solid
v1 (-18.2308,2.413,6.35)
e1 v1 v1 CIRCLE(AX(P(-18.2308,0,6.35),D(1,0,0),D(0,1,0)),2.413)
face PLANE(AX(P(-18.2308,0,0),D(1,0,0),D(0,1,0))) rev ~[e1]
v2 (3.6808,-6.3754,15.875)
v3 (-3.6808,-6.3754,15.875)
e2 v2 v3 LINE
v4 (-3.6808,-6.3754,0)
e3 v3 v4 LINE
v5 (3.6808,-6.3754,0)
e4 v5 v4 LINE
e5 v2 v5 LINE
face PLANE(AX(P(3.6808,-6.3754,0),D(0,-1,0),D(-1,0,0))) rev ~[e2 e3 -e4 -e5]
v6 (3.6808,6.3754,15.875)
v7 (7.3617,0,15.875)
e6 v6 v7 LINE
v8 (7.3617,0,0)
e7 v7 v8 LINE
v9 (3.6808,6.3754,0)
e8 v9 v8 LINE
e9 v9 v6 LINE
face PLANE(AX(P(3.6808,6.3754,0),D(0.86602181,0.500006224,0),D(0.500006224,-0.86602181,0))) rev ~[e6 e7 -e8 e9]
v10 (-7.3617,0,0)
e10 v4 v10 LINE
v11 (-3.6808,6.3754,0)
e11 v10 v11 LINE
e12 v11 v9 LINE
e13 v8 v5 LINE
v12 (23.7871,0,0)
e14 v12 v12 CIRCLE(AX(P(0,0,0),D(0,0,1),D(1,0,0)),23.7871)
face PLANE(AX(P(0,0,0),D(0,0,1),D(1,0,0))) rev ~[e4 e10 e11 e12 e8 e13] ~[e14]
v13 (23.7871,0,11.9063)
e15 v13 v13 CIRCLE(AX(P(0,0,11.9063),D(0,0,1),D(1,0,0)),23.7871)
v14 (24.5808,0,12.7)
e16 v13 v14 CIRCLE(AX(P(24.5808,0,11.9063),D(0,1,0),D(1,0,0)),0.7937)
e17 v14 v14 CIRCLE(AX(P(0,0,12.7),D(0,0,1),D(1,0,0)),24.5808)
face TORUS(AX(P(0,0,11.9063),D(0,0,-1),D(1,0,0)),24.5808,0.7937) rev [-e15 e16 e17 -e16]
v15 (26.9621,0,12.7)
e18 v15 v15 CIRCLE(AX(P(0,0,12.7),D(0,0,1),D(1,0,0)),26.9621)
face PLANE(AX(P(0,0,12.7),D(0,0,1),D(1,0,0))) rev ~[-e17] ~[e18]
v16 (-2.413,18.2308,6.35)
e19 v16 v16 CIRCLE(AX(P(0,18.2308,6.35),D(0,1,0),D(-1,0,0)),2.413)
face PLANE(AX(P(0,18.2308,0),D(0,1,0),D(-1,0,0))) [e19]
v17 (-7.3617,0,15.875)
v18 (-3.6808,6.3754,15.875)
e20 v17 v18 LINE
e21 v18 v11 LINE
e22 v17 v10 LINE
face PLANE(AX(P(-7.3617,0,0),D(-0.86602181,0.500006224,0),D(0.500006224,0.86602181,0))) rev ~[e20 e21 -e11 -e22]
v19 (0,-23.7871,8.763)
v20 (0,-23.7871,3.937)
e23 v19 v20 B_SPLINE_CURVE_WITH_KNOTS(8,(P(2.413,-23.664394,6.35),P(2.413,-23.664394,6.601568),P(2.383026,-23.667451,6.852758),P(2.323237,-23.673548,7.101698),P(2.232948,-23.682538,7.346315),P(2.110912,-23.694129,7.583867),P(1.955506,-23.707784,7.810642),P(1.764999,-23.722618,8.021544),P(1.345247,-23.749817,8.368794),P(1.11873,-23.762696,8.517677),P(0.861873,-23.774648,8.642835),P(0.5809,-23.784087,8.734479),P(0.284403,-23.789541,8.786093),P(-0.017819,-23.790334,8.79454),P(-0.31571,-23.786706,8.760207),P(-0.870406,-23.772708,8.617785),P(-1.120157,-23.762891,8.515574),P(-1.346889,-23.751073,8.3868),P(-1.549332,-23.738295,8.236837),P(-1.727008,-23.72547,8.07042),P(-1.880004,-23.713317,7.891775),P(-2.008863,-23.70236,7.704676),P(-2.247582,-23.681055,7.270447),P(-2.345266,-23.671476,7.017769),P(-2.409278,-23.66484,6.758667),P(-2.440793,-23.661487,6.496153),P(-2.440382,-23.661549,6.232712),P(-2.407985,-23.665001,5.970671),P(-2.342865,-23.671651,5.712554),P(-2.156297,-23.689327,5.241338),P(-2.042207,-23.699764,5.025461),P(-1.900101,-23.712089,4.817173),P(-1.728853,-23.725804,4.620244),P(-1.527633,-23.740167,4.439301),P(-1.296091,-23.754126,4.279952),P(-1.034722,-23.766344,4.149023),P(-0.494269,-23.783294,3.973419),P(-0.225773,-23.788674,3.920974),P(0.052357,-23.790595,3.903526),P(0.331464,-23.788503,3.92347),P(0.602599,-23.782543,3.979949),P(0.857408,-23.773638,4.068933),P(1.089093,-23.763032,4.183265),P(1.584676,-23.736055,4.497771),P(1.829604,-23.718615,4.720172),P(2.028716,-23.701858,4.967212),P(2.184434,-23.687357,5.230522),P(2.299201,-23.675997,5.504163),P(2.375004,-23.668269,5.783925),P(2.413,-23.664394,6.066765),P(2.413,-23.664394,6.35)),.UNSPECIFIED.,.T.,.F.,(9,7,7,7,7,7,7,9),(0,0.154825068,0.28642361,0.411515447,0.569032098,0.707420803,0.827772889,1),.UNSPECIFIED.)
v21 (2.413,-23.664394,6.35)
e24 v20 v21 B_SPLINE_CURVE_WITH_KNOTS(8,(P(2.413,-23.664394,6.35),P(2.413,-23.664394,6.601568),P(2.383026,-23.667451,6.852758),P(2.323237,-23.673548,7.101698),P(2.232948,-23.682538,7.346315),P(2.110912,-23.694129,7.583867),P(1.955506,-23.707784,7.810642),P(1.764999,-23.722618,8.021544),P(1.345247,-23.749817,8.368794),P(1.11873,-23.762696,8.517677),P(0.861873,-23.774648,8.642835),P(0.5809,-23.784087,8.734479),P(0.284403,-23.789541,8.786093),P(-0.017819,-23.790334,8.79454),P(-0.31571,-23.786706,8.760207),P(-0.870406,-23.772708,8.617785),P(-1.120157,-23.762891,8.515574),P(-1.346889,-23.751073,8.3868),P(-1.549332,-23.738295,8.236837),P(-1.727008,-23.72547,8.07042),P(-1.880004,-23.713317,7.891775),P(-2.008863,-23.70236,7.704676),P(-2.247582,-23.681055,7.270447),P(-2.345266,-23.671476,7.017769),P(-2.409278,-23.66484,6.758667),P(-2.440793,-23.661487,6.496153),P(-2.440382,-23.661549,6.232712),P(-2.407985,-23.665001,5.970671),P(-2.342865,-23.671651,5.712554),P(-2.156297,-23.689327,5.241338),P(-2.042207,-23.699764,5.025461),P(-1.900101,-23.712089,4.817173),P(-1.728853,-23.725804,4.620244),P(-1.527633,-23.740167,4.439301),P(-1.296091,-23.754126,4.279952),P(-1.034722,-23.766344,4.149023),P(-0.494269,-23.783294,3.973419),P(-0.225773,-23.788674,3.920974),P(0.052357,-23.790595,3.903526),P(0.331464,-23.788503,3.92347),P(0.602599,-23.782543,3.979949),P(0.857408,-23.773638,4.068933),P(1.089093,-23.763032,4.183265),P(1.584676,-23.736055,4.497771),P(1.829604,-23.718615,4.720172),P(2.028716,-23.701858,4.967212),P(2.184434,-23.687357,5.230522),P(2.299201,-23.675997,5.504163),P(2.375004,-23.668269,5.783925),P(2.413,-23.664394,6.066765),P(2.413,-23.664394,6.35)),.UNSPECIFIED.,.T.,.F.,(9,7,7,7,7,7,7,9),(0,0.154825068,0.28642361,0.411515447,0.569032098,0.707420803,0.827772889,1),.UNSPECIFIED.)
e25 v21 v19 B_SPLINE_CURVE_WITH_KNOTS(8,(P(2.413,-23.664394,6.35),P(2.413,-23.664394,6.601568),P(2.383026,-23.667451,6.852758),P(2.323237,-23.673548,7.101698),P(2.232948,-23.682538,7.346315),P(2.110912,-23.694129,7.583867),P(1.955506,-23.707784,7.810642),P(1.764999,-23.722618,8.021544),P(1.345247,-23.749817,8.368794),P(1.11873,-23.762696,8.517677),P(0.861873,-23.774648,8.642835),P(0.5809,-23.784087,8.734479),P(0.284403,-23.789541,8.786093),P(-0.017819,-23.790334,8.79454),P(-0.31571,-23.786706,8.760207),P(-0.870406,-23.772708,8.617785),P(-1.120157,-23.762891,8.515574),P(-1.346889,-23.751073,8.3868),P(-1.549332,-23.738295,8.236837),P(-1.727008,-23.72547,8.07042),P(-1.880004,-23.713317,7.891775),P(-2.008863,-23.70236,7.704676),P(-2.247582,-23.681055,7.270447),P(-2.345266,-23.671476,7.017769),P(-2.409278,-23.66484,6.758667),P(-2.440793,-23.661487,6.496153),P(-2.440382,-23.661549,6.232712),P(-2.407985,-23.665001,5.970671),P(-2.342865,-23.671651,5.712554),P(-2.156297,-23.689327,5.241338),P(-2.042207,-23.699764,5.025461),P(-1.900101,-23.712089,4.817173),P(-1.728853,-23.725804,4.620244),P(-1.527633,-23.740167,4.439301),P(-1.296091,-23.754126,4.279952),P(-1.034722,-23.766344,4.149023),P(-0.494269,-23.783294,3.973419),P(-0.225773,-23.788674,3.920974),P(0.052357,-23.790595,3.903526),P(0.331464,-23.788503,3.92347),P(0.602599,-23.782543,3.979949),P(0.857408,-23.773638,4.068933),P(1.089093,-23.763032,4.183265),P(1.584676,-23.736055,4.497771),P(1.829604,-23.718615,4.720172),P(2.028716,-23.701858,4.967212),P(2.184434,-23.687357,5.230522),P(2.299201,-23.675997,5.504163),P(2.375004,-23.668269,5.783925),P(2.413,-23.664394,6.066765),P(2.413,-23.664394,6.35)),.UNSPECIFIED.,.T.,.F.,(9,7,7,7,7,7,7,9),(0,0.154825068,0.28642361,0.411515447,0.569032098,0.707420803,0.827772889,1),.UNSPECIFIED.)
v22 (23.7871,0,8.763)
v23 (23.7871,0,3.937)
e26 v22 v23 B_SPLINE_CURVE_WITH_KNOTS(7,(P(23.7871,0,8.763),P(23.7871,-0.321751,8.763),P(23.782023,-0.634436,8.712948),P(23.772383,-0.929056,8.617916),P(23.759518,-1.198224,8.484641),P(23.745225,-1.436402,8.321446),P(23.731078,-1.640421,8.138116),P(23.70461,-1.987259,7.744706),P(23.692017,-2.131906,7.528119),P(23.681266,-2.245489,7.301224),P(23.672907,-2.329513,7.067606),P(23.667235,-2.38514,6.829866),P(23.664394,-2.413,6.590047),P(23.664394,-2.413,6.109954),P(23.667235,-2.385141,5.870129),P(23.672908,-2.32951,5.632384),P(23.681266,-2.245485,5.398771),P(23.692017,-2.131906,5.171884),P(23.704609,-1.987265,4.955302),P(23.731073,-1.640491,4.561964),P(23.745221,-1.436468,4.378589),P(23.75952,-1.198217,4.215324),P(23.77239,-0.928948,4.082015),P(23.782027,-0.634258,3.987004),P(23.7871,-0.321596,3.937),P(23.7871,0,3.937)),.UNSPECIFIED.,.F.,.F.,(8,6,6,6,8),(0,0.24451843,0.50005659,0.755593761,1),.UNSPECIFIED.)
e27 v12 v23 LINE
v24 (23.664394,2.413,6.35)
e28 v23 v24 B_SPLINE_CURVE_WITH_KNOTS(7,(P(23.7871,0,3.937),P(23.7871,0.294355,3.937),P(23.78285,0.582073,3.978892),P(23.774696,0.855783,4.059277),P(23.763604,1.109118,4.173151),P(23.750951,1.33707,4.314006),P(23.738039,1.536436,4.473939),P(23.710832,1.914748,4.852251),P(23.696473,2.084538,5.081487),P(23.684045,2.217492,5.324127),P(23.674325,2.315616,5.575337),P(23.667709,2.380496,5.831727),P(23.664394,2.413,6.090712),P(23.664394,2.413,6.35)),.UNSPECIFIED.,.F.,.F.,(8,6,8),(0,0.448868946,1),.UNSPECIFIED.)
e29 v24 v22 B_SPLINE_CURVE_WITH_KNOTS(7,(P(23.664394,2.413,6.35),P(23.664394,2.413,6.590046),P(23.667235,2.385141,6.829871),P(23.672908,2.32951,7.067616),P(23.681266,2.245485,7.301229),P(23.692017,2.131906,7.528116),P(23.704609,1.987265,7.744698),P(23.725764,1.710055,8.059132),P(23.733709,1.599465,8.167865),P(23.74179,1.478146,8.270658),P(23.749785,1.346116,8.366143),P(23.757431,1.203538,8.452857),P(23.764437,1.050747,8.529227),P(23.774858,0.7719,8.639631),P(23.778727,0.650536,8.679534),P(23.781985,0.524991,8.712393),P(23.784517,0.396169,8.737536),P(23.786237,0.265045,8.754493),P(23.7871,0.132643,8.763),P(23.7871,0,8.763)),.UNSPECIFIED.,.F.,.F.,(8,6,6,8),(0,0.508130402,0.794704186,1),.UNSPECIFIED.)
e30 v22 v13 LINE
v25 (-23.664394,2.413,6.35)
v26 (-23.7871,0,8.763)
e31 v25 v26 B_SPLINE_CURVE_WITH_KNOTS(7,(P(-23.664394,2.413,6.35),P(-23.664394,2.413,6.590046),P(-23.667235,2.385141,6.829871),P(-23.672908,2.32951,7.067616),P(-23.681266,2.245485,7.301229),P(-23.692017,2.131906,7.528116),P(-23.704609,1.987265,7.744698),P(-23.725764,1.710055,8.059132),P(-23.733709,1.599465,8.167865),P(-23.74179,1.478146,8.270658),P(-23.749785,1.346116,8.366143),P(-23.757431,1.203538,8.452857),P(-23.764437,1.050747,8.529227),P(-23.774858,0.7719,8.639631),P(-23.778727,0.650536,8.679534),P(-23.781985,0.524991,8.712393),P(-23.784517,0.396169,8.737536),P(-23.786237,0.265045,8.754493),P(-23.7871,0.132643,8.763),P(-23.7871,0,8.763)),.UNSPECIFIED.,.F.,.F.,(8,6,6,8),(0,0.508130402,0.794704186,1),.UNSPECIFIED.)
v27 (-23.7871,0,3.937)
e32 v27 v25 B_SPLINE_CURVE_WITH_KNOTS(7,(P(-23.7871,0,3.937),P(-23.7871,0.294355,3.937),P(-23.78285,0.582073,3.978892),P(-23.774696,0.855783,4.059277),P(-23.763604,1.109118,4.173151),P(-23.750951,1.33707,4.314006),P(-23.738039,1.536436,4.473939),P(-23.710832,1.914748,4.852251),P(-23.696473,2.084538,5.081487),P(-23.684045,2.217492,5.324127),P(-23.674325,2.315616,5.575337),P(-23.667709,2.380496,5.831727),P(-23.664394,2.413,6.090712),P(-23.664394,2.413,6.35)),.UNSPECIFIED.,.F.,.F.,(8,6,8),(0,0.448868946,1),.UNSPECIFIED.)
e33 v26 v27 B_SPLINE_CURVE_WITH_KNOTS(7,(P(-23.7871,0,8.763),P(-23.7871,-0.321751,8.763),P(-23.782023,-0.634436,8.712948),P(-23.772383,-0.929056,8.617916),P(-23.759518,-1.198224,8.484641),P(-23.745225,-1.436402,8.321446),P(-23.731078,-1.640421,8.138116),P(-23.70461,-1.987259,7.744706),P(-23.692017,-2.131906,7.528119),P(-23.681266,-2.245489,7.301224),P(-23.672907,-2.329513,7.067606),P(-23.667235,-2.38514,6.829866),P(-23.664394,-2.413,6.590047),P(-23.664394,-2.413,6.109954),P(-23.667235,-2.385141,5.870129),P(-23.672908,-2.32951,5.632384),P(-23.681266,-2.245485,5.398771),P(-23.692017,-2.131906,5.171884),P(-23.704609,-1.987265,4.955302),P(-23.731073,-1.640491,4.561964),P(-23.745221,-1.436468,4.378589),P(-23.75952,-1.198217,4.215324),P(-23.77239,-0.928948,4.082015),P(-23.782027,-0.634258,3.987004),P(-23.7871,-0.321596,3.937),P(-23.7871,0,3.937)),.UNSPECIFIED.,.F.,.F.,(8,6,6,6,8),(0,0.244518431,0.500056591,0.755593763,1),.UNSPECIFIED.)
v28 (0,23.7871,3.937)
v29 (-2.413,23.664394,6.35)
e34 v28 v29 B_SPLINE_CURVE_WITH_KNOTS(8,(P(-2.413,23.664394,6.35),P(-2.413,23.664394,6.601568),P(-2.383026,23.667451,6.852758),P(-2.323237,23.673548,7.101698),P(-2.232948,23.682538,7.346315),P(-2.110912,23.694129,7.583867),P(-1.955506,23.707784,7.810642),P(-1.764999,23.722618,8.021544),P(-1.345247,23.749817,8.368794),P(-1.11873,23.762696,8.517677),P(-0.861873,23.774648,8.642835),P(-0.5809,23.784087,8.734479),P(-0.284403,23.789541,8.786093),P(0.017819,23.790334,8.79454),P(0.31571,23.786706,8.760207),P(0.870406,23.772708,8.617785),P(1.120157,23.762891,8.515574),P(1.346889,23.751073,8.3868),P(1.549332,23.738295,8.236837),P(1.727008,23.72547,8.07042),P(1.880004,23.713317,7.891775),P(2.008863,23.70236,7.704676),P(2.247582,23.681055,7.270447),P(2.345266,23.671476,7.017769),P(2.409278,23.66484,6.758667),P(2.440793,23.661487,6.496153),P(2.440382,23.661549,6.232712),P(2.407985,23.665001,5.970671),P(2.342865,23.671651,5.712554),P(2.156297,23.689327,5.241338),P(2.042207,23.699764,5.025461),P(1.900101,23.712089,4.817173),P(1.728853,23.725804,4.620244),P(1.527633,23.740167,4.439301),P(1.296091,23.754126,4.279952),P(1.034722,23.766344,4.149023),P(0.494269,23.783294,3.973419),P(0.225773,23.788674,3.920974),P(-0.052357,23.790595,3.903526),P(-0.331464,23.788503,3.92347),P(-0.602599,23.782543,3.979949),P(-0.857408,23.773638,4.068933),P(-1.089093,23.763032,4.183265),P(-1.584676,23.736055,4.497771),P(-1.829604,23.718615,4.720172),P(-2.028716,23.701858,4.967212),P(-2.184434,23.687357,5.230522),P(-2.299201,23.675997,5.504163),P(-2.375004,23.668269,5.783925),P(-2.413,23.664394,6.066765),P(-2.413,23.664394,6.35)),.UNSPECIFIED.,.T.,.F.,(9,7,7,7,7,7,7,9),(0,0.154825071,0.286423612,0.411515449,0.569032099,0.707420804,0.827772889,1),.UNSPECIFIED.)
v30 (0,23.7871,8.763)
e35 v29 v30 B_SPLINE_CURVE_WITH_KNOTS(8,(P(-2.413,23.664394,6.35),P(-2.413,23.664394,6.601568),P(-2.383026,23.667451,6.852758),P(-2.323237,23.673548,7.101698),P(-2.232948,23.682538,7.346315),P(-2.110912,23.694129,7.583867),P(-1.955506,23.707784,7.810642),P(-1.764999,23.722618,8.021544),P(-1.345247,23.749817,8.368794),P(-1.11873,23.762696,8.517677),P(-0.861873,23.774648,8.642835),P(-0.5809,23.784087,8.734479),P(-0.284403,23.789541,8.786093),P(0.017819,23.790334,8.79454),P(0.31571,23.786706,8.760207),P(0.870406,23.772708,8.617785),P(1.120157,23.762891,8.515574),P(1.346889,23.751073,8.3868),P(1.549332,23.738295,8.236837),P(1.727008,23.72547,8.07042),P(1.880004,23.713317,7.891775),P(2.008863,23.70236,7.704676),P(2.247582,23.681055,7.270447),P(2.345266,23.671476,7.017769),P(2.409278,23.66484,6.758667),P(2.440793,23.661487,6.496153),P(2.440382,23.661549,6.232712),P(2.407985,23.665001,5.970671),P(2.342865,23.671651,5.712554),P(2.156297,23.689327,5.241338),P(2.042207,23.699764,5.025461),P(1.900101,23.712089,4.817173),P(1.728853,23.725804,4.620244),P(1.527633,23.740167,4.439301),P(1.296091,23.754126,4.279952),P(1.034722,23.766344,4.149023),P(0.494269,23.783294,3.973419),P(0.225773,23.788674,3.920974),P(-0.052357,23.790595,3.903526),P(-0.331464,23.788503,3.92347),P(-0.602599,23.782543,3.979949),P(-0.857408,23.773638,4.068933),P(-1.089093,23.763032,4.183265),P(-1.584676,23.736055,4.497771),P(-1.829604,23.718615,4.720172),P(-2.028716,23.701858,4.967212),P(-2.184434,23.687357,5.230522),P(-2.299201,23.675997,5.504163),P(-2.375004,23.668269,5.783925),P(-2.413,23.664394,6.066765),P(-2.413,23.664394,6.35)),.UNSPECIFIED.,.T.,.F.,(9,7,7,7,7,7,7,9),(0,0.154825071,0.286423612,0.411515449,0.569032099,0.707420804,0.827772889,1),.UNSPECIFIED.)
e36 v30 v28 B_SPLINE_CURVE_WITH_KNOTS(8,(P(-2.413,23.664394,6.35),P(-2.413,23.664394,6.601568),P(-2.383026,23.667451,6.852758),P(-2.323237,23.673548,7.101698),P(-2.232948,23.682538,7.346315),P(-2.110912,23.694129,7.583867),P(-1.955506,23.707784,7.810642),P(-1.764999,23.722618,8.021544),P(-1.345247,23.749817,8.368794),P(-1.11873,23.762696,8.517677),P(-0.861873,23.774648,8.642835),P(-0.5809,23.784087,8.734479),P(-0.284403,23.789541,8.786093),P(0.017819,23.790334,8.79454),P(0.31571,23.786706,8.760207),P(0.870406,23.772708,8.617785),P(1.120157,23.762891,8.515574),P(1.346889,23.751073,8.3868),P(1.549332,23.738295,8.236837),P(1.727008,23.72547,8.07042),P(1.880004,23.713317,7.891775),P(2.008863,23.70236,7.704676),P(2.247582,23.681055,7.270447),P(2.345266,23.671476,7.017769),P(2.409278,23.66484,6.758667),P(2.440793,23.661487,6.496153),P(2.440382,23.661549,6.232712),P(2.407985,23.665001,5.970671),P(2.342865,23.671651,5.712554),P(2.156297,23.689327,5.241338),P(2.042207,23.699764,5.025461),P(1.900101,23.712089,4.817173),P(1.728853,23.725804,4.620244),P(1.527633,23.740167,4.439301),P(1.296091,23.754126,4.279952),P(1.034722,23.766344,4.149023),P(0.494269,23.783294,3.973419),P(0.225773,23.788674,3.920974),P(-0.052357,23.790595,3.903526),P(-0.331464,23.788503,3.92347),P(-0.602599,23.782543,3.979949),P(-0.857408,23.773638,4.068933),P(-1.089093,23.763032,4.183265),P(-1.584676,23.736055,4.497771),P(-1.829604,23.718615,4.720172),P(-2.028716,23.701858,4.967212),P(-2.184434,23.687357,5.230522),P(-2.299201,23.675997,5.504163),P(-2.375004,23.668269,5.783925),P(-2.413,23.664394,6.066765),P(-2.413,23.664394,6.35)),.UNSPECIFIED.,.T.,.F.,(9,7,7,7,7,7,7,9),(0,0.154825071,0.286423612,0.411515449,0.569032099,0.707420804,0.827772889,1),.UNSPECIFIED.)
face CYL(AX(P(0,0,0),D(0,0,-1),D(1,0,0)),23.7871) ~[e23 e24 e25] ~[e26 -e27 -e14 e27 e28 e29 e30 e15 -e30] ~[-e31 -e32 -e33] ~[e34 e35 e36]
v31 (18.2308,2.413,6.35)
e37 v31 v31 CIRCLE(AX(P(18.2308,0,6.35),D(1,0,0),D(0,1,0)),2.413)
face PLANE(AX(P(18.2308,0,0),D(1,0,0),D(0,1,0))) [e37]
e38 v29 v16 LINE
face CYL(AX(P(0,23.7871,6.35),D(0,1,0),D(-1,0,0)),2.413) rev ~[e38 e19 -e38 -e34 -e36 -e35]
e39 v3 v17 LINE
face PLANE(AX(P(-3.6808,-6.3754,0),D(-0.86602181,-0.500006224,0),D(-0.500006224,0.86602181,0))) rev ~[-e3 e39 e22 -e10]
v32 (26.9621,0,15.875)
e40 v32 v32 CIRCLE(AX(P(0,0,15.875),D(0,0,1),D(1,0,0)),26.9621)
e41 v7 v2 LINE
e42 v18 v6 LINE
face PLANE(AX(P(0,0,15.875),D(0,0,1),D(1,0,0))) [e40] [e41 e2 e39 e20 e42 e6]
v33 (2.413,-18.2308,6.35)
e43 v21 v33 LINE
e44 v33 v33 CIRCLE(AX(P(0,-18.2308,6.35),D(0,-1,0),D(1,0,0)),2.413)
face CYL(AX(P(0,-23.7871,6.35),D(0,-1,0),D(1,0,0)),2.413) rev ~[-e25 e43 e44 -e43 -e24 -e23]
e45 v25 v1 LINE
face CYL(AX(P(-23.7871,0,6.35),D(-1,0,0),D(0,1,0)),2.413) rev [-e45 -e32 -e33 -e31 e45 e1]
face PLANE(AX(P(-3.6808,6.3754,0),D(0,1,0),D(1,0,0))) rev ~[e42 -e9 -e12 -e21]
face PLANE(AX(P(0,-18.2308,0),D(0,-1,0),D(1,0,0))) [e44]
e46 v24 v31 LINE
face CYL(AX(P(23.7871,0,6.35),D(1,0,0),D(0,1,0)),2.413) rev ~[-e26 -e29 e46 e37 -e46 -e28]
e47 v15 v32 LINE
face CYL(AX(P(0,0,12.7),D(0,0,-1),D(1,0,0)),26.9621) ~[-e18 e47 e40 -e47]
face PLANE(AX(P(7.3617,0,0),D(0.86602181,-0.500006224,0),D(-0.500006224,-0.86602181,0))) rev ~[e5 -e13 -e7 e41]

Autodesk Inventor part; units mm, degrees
sketch "Sketch1" plane through (0, 0, 0) normal (0, 0, 1) x (1, 0, 0)
  circle A0 centre (0, 0) radius 23.7871
  line L0 (3.6808, 6.3754) -> (7.3617, 0)
  line L1 (7.3617, 0) -> (3.6808, -6.3754)
  line L2 (3.6808, -6.3754) -> (-3.6808, -6.3754)
  line L3 (-3.6808, -6.3754) -> (-7.3617, 0)
  line L4 (-7.3617, 0) -> (-3.6808, 6.3754)
  line L5 (-3.6808, 6.3754) -> (3.6808, 6.3754)
  dimension "d0" = 47.5742
  dimension "d2" = 12.7508
extrude "Extrusion1" add sketch "Sketch1" along normal blind 12.7
ref_plane "Work Plane1" through (0, 23.7871, 0) normal (0, 1, 0) x (-1, 0, 0)
sketch "Sketch2" plane through (0, 23.7871, 0) normal (0, 1, 0) x (-1, 0, 0)
  line L0 (23.7871, 12.7) -> (-23.7871, 12.7) projected
  line L1 (-23.7871, 0) -> (23.7871, 0) projected
  circle A0 centre (0, 6.35) radius 2.413
  line L2 (0, 0) -> (0, 12.7) construction
  dimension "d5" = 4.826
  dimension "d6" = 6.35
extrude "Extrusion2" cut sketch "Sketch2" against normal blind 5.5563
ref_plane "Work Plane2" through (0, -23.7871, 0) normal (0, -1, 0) x (1, 0, 0)
sketch "Sketch3" plane through (0, -23.7871, 0) normal (0, -1, 0) x (1, 0, 0)
  circle A0 centre (0, 6.35) radius 2.413
  line L0 (23.7871, 12.7) -> (-23.7871, 12.7) projected
  line L1 (0, 0) -> (0, 12.7) construction
  dimension "d9" = 4.826
  dimension "d10" = 6.35
extrude "Extrusion3" cut sketch "Sketch3" against normal blind 5.5563
ref_plane "Work Plane4" through (23.7871, 0, 0) normal (1, 0, 0) x (0, 1, 0)
ref_plane "Work Plane3" through (7.3617, 0, 0) normal (1, 0, 0) x (0, 0, 1)
sketch "Sketch4" plane through (23.7871, 0, 0) normal (1, 0, 0) x (0, 1, 0)
  line L0 (23.7871, 12.7) -> (-23.7871, 12.7) projected
  circle A0 centre (0, 6.35) radius 2.413
  line L1 (0, 0) -> (0, 12.7) construction
  dimension "d14" = 4.826
  dimension "d15" = 6.35
extrude "Extrusion4" cut sketch "Sketch4" against normal blind 5.5563
ref_plane "Work Plane5" through (-23.7871, 0, 0) normal (1, 0, 0) x (0, 1, 0)
sketch "Sketch5" plane through (-23.7871, 0, 0) normal (1, 0, 0) x (0, 1, 0)
  line L0 (-23.7871, 0) -> (23.7871, 0) projected
  circle A0 centre (0, 6.35) radius 2.413
  line L1 (0, 12.6521) -> (0, 0) construction
  dimension "d18" = 4.826
  dimension "d19" = 6.35
extrude "Extrusion5" cut sketch "Sketch5" along normal blind 5.5563
sketch "Sketch6" plane through (0, 0, 12.7) normal (0, 0, 1) x (1, 0, 0)
  line L0 (7.3617, 0) -> (3.6808, -6.3754) projected
  line L1 (3.6808, -6.3754) -> (-3.6808, -6.3754) projected
  line L2 (-3.6808, -6.3754) -> (-7.3617, 0) projected
  line L3 (-7.3617, 0) -> (-3.6808, 6.3754) projected
  line L4 (-3.6808, 6.3754) -> (3.6808, 6.3754) projected
  line L5 (3.6808, 6.3754) -> (7.3617, 0) projected
  circle A0 centre (0, 0) radius 23.7871 projected
  circle A1 centre (0, 0) radius 26.9621
  dimension "d26" = 3.175
extrude "Extrusion6" add sketch "Sketch6" along normal blind 3.175 contours A0 | A1
fillet "Fillet1" radius 0.7937 1 edges at (-23.7871, 0, 12.7)
properties part number "Roller End Cap Drive (3-D Printed)" material "ABS Plastic"
